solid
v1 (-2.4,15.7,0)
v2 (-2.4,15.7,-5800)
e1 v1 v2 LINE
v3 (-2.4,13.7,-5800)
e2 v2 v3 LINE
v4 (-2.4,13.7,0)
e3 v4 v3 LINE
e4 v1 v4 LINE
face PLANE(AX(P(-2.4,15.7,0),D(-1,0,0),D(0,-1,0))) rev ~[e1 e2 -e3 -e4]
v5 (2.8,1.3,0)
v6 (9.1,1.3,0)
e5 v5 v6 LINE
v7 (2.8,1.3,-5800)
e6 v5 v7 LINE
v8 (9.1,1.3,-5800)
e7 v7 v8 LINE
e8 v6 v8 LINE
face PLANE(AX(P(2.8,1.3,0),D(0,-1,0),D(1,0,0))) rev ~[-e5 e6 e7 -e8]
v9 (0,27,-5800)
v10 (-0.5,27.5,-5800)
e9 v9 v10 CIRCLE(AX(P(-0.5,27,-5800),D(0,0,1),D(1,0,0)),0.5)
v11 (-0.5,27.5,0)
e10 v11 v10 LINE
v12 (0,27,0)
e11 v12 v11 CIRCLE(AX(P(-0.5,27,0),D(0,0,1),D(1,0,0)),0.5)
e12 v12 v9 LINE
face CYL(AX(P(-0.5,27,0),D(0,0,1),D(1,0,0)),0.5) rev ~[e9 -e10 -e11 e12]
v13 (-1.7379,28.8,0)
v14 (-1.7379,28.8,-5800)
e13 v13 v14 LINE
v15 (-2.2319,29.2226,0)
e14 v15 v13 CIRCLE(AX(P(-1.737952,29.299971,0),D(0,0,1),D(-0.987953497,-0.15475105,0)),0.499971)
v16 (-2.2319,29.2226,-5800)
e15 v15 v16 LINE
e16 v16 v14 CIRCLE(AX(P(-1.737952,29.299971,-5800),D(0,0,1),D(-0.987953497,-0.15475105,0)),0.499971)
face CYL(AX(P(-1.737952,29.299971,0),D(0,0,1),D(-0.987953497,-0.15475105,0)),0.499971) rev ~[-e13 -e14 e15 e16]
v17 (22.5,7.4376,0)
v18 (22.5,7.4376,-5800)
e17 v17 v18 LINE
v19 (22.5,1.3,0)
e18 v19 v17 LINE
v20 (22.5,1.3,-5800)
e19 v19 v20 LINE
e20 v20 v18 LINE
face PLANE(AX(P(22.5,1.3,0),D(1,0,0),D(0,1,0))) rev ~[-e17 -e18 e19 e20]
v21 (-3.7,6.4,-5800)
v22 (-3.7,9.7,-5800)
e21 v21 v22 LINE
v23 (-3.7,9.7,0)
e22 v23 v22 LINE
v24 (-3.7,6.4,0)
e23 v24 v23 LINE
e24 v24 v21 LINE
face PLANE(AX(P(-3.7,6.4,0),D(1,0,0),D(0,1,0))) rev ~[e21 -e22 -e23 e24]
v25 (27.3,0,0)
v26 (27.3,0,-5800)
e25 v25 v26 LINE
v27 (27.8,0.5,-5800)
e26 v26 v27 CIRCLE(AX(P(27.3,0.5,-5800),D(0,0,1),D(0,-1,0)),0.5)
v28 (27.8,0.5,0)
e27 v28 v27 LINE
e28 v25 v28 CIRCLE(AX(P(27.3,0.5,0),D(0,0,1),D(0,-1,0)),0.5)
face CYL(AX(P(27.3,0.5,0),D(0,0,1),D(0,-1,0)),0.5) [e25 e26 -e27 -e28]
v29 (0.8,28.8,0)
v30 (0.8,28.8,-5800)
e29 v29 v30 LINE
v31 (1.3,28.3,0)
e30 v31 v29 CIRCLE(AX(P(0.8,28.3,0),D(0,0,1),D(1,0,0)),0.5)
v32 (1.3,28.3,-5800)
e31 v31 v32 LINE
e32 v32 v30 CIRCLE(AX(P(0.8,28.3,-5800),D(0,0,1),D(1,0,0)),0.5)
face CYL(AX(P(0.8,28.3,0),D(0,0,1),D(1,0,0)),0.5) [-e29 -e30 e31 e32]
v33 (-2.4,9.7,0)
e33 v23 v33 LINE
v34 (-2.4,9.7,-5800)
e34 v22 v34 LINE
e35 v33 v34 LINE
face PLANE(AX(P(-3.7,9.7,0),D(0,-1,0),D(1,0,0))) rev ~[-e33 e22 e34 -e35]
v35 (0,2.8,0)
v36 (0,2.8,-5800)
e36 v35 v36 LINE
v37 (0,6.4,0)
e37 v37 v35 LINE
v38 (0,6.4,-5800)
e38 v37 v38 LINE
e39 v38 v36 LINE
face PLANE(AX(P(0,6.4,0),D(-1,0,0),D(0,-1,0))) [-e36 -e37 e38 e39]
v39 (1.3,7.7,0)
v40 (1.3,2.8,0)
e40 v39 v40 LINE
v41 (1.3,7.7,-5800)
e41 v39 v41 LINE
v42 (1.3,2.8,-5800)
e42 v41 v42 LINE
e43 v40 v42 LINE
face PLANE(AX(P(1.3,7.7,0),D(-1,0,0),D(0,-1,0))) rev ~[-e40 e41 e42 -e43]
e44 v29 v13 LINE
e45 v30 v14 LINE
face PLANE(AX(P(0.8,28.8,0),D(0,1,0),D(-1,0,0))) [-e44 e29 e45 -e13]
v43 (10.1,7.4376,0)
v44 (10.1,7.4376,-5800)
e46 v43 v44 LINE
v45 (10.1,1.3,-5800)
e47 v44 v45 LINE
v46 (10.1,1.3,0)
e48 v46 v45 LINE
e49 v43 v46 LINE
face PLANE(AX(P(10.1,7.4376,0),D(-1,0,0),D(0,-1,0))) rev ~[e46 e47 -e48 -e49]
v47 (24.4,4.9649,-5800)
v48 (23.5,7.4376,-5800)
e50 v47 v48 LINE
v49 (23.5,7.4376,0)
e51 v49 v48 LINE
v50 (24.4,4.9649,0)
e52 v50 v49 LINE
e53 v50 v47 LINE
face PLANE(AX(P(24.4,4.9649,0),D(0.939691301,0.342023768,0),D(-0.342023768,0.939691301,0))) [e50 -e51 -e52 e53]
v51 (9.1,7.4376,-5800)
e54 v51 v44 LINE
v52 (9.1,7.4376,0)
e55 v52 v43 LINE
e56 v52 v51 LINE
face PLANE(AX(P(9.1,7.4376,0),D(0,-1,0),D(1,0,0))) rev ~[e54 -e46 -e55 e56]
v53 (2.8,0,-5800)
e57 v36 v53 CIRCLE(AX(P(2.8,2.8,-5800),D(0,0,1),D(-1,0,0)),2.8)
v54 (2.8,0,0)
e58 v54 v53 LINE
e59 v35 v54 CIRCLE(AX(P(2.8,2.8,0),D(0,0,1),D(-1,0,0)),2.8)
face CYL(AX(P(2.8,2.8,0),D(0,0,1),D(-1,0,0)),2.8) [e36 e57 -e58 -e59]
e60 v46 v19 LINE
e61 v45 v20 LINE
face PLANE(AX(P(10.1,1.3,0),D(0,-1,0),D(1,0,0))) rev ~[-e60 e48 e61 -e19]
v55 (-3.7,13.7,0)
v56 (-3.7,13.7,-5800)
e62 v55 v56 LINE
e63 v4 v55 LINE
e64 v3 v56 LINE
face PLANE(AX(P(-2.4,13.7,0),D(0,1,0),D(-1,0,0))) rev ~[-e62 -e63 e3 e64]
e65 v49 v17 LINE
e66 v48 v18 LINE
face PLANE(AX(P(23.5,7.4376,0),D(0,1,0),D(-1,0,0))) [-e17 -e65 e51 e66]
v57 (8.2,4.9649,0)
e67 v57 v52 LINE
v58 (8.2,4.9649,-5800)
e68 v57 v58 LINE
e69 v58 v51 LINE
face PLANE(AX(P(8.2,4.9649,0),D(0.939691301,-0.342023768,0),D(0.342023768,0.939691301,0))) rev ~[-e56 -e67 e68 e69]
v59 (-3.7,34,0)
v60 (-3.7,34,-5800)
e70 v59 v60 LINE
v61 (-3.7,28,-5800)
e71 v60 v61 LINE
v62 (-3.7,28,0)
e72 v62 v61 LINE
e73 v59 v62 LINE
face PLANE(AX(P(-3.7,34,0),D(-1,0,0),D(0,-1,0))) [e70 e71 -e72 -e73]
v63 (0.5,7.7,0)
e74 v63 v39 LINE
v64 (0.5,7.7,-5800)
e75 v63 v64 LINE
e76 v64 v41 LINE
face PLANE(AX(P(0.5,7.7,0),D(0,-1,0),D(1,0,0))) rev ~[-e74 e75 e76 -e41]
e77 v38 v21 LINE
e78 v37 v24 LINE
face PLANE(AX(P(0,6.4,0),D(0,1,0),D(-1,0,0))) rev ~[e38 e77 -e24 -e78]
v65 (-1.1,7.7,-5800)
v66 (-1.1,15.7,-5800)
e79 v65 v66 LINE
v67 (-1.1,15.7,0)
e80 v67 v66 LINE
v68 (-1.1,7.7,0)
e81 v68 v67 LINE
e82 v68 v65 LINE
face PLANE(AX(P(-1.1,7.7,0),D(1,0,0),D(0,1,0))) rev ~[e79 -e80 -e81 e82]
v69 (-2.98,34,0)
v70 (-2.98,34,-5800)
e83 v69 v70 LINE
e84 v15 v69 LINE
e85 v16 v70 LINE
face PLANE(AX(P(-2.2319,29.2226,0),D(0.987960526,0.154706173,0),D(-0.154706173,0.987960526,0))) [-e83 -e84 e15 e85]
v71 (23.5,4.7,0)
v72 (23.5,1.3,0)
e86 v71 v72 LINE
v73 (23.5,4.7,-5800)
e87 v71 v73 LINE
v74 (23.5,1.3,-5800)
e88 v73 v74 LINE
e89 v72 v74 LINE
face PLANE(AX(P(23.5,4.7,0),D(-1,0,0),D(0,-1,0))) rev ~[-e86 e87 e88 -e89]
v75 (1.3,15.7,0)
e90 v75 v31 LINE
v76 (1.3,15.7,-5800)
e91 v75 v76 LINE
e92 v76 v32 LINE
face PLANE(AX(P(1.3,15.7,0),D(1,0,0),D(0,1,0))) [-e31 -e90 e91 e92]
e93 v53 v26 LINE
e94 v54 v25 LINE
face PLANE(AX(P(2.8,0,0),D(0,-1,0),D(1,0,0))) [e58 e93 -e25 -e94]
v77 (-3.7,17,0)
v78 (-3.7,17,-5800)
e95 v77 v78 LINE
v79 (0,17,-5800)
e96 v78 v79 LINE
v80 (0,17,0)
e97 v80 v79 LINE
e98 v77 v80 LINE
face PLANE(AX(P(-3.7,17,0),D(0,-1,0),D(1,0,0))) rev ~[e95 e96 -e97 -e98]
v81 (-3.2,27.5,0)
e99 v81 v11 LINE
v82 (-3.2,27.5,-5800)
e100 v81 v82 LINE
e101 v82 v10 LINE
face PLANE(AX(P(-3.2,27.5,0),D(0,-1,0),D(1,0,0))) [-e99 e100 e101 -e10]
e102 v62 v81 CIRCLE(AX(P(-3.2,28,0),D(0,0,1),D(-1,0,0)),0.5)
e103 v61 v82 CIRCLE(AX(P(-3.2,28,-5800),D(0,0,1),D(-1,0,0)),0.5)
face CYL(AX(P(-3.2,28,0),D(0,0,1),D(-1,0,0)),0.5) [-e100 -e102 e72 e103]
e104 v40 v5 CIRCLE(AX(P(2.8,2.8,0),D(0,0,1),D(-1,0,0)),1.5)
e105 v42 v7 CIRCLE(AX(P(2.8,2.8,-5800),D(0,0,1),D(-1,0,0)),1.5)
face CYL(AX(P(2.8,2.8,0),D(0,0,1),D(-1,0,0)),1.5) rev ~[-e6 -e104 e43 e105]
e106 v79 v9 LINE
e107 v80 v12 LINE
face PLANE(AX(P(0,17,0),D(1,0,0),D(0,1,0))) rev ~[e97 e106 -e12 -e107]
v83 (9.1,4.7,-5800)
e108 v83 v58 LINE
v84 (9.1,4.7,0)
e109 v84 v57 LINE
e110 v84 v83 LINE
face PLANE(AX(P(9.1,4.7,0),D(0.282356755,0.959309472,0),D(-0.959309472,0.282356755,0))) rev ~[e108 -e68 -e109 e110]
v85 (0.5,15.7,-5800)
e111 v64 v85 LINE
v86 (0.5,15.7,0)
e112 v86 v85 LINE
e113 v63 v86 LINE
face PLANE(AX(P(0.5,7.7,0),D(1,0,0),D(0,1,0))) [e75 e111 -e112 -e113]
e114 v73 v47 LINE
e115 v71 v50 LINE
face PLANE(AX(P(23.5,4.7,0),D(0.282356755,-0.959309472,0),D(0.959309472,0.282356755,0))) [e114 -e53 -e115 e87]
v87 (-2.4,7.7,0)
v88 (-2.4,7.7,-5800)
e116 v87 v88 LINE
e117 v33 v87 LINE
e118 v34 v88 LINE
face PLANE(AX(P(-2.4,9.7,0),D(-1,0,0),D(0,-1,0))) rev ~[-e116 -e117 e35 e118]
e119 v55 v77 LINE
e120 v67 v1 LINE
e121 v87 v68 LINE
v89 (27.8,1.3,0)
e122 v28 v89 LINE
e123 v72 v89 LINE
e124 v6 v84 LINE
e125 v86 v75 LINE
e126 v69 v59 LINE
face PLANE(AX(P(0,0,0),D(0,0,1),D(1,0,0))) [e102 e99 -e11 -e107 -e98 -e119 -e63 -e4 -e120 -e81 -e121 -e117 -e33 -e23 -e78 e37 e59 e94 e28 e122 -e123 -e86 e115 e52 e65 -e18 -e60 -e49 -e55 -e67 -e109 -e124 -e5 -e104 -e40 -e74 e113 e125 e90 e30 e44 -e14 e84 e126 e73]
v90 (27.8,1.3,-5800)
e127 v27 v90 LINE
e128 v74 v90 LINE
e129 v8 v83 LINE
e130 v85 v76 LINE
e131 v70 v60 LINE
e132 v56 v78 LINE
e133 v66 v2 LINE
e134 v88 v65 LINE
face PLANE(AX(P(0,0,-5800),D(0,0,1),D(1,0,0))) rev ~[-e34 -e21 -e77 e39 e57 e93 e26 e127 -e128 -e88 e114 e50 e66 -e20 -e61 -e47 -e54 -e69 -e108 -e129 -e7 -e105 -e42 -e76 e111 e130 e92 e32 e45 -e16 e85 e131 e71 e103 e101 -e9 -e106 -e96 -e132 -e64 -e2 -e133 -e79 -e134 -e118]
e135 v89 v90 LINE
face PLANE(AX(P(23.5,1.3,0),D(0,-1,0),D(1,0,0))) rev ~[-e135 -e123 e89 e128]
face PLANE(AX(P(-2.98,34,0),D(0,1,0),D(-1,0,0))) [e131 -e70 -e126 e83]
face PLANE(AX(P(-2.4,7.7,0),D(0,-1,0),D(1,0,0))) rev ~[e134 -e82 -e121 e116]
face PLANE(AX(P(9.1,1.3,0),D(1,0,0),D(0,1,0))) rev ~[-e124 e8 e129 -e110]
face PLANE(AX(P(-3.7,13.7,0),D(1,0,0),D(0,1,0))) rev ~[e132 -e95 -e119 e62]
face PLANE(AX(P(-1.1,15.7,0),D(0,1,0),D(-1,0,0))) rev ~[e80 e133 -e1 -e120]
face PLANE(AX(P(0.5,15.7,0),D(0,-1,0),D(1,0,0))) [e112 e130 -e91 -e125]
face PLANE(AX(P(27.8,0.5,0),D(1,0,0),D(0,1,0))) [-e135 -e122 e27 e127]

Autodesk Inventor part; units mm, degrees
ref_plane "YZ Plane" through (0, 0, 0) normal (1, 0, 0) x (0, 1, 0)
ref_plane "XZ Plane" through (0, 0, 0) normal (0, 1, 0) x (-1, 0, 0)
ref_plane "XY Plane" through (0, 0, 0) normal (0, 0, 1) x (1, 0, 0)
sketch "Boceto1" plane through (0, 0, 0) normal (0, 0, 1) x (1, 0, 0)
  line L0 (2.8, 0) -> (27.3, 0)
  line L1 (27.8, 0.5) -> (27.8, 1.3)
  line L2 (0.5, 7.7) -> (1.3, 7.7)
  line L3 (0.5, 7.7) -> (0.5, 15.7)
  line L4 (0.5, 15.7) -> (1.3, 15.7)
  line L5 (1.3, 15.7) -> (1.3, 28.3)
  line L6 (0, 6.4) -> (-3.7, 6.4)
  line L7 (-3.7, 6.4) -> (-3.7, 9.7)
  line L8 (-3.7, 9.7) -> (-2.4, 9.7)
  line L9 (-2.4, 9.7) -> (-2.4, 7.7)
  line L10 (-2.4, 7.7) -> (-1.1, 7.7)
  line L11 (-1.1, 7.7) -> (-1.1, 15.7)
  line L12 (-1.1, 15.7) -> (-2.4, 15.7)
  line L13 (-2.4, 15.7) -> (-2.4, 13.7)
  line L14 (-2.4, 13.7) -> (-3.7, 13.7)
  line L15 (-3.7, 13.7) -> (-3.7, 17)
  line L16 (-3.7, 17) -> (0, 17)
  line L17 (0, 17) -> (0, 27)
  line L18 (0, 6.4) -> (0, 2.8)
  line L19 (0.8, 28.8) -> (-1.7379, 28.8)
  line L20 (-2.2319, 29.2226) -> (-2.98, 34)
  line L21 (-2.98, 34) -> (-3.7, 34)
  line L22 (-3.7, 34) -> (-3.7, 28)
  line L23 (-3.2, 27.5) -> (-0.5, 27.5)
  line L24 (1.3, 7.7) -> (1.3, 2.8)
  line L25 (9.1, 1.3) -> (9.1, 4.7)
  line L26 (10.1, 7.4376) -> (10.1, 1.3)
  line L27 (22.5, 1.3) -> (22.5, 7.4376)
  line L28 (23.5, 4.7) -> (23.5, 1.3)
  line L29 (23.5, 1.3) -> (27.8, 1.3)
  line L30 (2.8, 1.3) -> (9.1, 1.3)
  line L31 (10.1, 1.3) -> (22.5, 1.3)
  arc A0 (0, 2.8) -> (2.8, 0) centre (2.8, 2.8) ccw
  arc A1 (27.3, 0) -> (27.8, 0.5) centre (27.3, 0.5) ccw
  arc A2 (0, 27) -> (-0.5, 27.5) centre (-0.5, 27) ccw
  arc A3 (-3.7, 28) -> (-3.2, 27.5) centre (-3.2, 28) ccw
  arc A4 (1.3, 28.3) -> (0.8, 28.8) centre (0.8, 28.3) ccw
  arc A5 (-2.2319, 29.2226) -> (-1.7379, 28.8) centre (-1.7379, 29.3) ccw
  arc A6 (1.3, 2.8) -> (2.8, 1.3) centre (2.8, 2.8) ccw
  line L32 (23.5, 4.7) -> (24.4, 4.9649)
  line L33 (24.4, 4.9649) -> (23.5, 7.4376)
  line L34 (9.1, 4.7) -> (8.2, 4.9649)
  line L35 (8.2, 4.9649) -> (9.1, 7.4376)
  line L36 (23.5, 10.0894) -> (23.5, -1.1197) construction
  line L37 (23.5, 7.4376) -> (22.5, 7.4376)
  line L38 (9.1, 10.0894) -> (9.1, -1.1197) construction
  line L39 (9.1, 7.4376) -> (10.1, 7.4376)
  point P0 (0, 0)
  point P1 (-1.1, 11.7)
  dimension "d3" = 1.3
  dimension "d4" = 1.3
  dimension "d6" = 1.3
  dimension "d7" = 1.3
  dimension "d9" = 1.3
  dimension "d10" = 1.3
  dimension "d11" = 1.3
  dimension "d15" = 34
  dimension "d16" = 31.5
  dimension "d44" = 6.4
  dimension "d45" = 4
  dimension "d46" = 8
  dimension "d47" = 2
  dimension "d48" = 10.6
  dimension "d49" = 1.3
  dimension "d51" = 0.8
  dimension "d52" = 0.8
  dimension "d53" = 6.5
  dimension "d57" = 98.9
  dimension "d58" = 0.72
  dimension "d60" = 1.6
  dimension "d61" = 2.8
  dimension "d63" = 0.5
  dimension "d64" = 0.5
  dimension "d65" = 31.5
  dimension "d70" = 1.5
  dimension "d71" = 1.3
  dimension "d77" = 3.4
  dimension "d78" = 3.4
  dimension "d80" = 4.3
  dimension "d83" = 16.4
  dimension "d86" = 0.9
  dimension "d87" = 16.4
  dimension "d92" = 70
  dimension "d94" = 1
  dimension "d95" = 0.9
  dimension "d96" = 1
  dimension "d97" = 70
  dimension "d98" = 14.4
  dimension "d99" = 7.8
extrude "Extrusión1" add sketch "Boceto1" against normal blind 5800
properties part number "SP40-11 TAPETA - ENCUENTRO HOJA CORREDERA" material "Aluminio"
